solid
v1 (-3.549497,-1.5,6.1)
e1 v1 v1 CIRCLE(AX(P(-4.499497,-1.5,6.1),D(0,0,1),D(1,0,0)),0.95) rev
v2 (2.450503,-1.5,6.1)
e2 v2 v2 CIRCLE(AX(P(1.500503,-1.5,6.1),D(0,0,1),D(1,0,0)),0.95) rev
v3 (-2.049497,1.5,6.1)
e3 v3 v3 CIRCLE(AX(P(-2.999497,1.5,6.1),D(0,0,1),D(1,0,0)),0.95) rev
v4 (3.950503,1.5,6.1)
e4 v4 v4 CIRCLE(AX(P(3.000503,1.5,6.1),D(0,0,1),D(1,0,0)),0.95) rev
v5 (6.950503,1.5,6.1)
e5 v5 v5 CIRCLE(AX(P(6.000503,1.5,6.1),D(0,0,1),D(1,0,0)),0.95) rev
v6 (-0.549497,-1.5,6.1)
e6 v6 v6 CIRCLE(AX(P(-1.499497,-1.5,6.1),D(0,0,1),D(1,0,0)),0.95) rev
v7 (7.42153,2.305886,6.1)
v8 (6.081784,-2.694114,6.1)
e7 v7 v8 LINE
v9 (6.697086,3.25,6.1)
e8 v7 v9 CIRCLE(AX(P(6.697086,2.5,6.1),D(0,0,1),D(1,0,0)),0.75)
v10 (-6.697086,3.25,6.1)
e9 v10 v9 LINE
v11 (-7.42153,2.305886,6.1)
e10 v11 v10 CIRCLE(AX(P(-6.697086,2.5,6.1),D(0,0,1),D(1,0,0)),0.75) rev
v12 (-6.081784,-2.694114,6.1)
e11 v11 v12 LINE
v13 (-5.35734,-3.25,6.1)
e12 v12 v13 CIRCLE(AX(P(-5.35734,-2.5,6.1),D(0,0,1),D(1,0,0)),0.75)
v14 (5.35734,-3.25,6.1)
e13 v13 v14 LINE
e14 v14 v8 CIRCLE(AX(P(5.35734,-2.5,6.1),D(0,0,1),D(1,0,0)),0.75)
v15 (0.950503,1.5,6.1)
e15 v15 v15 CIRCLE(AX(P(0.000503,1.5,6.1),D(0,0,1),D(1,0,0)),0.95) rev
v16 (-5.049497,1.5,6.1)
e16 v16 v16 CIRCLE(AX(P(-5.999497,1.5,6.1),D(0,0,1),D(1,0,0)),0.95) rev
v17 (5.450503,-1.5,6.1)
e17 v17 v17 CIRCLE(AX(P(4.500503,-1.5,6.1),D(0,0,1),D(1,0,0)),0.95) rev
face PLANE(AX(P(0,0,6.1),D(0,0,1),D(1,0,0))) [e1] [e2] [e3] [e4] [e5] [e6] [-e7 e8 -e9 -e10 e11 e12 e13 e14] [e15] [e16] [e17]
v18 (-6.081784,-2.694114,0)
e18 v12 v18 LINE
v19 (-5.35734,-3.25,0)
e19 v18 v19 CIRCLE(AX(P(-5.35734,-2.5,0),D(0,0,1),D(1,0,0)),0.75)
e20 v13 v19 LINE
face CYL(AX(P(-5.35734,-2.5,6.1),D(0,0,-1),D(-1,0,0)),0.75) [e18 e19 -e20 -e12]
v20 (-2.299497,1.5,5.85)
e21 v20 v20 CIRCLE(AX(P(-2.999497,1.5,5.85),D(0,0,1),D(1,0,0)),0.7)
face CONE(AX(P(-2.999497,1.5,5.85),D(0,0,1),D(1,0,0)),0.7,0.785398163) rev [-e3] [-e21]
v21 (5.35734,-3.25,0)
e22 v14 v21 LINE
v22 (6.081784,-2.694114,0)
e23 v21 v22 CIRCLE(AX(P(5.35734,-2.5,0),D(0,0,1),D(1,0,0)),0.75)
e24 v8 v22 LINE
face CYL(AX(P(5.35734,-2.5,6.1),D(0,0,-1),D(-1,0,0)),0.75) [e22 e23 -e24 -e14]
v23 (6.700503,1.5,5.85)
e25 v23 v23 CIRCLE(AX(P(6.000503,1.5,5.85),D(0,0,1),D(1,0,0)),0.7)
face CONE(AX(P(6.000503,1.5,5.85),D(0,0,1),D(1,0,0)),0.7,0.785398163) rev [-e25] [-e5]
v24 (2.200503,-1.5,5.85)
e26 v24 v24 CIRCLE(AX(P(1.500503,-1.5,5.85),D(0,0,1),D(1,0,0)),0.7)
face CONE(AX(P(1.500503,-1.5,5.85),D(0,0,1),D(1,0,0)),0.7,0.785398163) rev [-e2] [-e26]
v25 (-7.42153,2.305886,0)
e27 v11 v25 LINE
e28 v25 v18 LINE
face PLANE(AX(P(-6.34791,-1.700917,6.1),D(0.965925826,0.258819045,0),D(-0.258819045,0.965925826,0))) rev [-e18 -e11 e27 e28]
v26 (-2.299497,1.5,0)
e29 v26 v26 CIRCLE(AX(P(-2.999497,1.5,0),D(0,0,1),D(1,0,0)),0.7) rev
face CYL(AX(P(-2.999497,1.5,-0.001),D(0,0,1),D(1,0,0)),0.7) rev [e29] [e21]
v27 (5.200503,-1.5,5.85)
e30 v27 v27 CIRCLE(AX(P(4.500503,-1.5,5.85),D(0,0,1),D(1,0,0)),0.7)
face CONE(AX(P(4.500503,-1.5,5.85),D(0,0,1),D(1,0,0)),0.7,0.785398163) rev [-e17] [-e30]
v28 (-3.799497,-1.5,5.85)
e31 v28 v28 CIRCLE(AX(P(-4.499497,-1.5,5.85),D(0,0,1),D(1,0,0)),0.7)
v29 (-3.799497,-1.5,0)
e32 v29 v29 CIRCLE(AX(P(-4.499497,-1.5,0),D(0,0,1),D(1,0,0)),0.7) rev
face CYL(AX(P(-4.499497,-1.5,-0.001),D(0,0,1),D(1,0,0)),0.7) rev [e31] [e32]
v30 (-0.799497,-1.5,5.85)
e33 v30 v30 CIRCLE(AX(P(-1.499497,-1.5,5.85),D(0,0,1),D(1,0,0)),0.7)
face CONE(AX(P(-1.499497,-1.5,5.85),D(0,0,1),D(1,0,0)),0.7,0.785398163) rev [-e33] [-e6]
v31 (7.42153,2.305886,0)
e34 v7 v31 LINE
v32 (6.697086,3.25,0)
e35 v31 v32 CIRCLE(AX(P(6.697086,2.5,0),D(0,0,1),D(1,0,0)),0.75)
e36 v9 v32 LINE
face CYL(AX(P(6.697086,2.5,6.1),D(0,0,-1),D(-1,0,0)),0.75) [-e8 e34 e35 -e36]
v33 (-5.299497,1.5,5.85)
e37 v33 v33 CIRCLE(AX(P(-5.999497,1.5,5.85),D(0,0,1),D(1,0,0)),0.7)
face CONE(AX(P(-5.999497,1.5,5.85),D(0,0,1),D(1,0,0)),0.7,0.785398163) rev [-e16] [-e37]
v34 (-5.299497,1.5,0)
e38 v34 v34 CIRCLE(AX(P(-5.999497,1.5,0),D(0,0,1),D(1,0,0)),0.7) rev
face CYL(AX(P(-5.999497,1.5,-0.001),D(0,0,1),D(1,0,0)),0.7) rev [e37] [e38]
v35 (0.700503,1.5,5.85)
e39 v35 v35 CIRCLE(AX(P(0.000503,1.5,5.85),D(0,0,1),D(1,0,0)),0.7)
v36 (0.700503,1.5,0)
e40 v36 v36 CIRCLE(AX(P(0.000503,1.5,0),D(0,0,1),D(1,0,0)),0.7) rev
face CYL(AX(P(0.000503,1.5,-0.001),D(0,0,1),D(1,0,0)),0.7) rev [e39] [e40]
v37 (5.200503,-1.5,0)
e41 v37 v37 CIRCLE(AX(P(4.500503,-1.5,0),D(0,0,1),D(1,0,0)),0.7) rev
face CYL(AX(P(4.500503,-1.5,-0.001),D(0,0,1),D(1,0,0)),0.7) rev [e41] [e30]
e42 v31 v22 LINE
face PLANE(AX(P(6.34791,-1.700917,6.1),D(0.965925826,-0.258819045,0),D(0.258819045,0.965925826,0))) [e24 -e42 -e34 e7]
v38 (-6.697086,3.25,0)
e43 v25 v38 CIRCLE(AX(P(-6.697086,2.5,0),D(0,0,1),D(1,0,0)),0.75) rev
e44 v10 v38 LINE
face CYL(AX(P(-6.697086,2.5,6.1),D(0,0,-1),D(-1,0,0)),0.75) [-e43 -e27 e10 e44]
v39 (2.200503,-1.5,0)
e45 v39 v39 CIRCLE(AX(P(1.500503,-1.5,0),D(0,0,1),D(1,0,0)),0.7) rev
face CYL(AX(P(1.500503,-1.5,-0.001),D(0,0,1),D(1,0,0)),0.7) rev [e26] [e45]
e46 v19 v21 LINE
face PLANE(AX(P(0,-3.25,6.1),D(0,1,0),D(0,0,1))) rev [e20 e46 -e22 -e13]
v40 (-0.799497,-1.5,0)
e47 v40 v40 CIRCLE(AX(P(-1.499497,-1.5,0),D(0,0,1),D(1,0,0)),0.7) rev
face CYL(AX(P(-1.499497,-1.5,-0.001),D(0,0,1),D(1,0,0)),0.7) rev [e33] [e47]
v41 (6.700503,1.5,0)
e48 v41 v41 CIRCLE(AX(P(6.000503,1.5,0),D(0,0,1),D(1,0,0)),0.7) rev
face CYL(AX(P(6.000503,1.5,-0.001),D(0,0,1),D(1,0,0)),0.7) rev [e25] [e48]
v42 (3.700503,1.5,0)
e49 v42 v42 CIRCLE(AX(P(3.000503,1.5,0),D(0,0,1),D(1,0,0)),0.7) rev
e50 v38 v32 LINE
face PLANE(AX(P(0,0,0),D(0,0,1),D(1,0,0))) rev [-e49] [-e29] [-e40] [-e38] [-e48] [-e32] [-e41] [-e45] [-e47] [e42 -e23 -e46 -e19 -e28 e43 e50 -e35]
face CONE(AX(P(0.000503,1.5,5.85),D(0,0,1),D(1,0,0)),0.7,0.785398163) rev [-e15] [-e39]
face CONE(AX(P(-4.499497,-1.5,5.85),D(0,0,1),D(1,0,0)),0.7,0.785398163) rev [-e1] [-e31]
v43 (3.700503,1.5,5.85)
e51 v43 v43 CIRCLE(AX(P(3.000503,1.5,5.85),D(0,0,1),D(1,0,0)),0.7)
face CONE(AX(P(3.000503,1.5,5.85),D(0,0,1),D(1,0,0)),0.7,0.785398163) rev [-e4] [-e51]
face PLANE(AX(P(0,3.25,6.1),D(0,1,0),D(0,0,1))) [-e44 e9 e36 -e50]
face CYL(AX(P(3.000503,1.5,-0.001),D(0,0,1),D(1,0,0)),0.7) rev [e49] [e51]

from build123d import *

# Parameters (mm, degrees)
BOSS_EXTRUDE1_DEPTH = 6.1
CUT_EXTRUDE1_REACH  = 12.16
SKETCH2_R           = 0.7
CHAMFER1_SIZE       = 0.25


with BuildPart() as part:
    # Sketch1 → Boss-Extrude1 (new body)
    with BuildSketch(Plane.XY):
        with BuildLine():
            ThreePointArc((-6.081784137, -2.694114284), (-5.813910839, -3.095015005), (-5.357339767, -3.25))
            Line((-5.357339767, -3.25), (5.357339767, -3.25))
            ThreePointArc((5.357339767, -3.25), (5.813910839, -3.095015005), (6.081784137, -2.694114284))
            Line((6.081784137, -2.694114284), (7.421530099, 2.305885716))
            ThreePointArc((7.421530099, 2.305885716), (7.292100735, 2.956571072), (6.697085729, 3.25))
            Line((6.697085729, 3.25), (-6.697085729, 3.25))
            ThreePointArc((-6.697085729, 3.25), (-7.292100735, 2.956571072), (-7.421530099, 2.305885716))
            Line((-7.421530099, 2.305885716), (-6.081784137, -2.694114284))
        make_face()
    extrude(amount=BOSS_EXTRUDE1_DEPTH)

    # Sketch2 → Cut-Extrude1 (cut, up to next)
    with BuildSketch(Plane.XY.offset(6.1), mode=Mode.PRIVATE) as cut_extrude1_sk1:
        with Locations((-5.999496922, 1.5)):
            Circle(SKETCH2_R)
    cut_extrude1_tool1 = extrude(cut_extrude1_sk1.sketch, amount=-CUT_EXTRUDE1_REACH, mode=Mode.PRIVATE) & part.part
    # Sketch2 → Cut-Extrude1 (cut, up to next)
    with BuildSketch(Plane.XY.offset(6.1), mode=Mode.PRIVATE) as cut_extrude1_sk2:
        with Locations((-2.999496922, 1.5)):
            Circle(SKETCH2_R)
    cut_extrude1_tool2 = extrude(cut_extrude1_sk2.sketch, amount=-CUT_EXTRUDE1_REACH, mode=Mode.PRIVATE) & part.part
    # Sketch2 → Cut-Extrude1 (cut, up to next)
    with BuildSketch(Plane.XY.offset(6.1), mode=Mode.PRIVATE) as cut_extrude1_sk3:
        with Locations((0.000503078, 1.5)):
            Circle(SKETCH2_R)
    cut_extrude1_tool3 = extrude(cut_extrude1_sk3.sketch, amount=-CUT_EXTRUDE1_REACH, mode=Mode.PRIVATE) & part.part
    # Sketch2 → Cut-Extrude1 (cut, up to next)
    with BuildSketch(Plane.XY.offset(6.1), mode=Mode.PRIVATE) as cut_extrude1_sk4:
        with Locations((3.000503078, 1.5)):
            Circle(SKETCH2_R)
    cut_extrude1_tool4 = extrude(cut_extrude1_sk4.sketch, amount=-CUT_EXTRUDE1_REACH, mode=Mode.PRIVATE) & part.part
    # Sketch2 → Cut-Extrude1 (cut, up to next)
    with BuildSketch(Plane.XY.offset(6.1), mode=Mode.PRIVATE) as cut_extrude1_sk5:
        with Locations((6.000503078, 1.5)):
            Circle(SKETCH2_R)
    cut_extrude1_tool5 = extrude(cut_extrude1_sk5.sketch, amount=-CUT_EXTRUDE1_REACH, mode=Mode.PRIVATE) & part.part
    # Sketch2 → Cut-Extrude1 (cut, up to next)
    with BuildSketch(Plane.XY.offset(6.1), mode=Mode.PRIVATE) as cut_extrude1_sk6:
        with Locations((-4.499496922, -1.5)):
            Circle(SKETCH2_R)
    cut_extrude1_tool6 = extrude(cut_extrude1_sk6.sketch, amount=-CUT_EXTRUDE1_REACH, mode=Mode.PRIVATE) & part.part
    # Sketch2 → Cut-Extrude1 (cut, up to next)
    with BuildSketch(Plane.XY.offset(6.1), mode=Mode.PRIVATE) as cut_extrude1_sk7:
        with Locations((-1.499496922, -1.5)):
            Circle(SKETCH2_R)
    cut_extrude1_tool7 = extrude(cut_extrude1_sk7.sketch, amount=-CUT_EXTRUDE1_REACH, mode=Mode.PRIVATE) & part.part
    # Sketch2 → Cut-Extrude1 (cut, up to next)
    with BuildSketch(Plane.XY.offset(6.1), mode=Mode.PRIVATE) as cut_extrude1_sk8:
        with Locations((1.500503078, -1.5)):
            Circle(SKETCH2_R)
    cut_extrude1_tool8 = extrude(cut_extrude1_sk8.sketch, amount=-CUT_EXTRUDE1_REACH, mode=Mode.PRIVATE) & part.part
    # Sketch2 → Cut-Extrude1 (cut, up to next)
    with BuildSketch(Plane.XY.offset(6.1), mode=Mode.PRIVATE) as cut_extrude1_sk9:
        with Locations((4.500503078, -1.5)):
            Circle(SKETCH2_R)
    cut_extrude1_tool9 = extrude(cut_extrude1_sk9.sketch, amount=-CUT_EXTRUDE1_REACH, mode=Mode.PRIVATE) & part.part
    add(cut_extrude1_tool1.solids().sort_by_distance((-5.999497, 1.5, 6.1))[0], mode=Mode.SUBTRACT)
    add(cut_extrude1_tool2.solids().sort_by_distance((-2.999497, 1.5, 6.1))[0], mode=Mode.SUBTRACT)
    add(cut_extrude1_tool3.solids().sort_by_distance((0.000503, 1.5, 6.1))[0], mode=Mode.SUBTRACT)
    add(cut_extrude1_tool4.solids().sort_by_distance((3.000503, 1.5, 6.1))[0], mode=Mode.SUBTRACT)
    add(cut_extrude1_tool5.solids().sort_by_distance((6.000503, 1.5, 6.1))[0], mode=Mode.SUBTRACT)
    add(cut_extrude1_tool6.solids().sort_by_distance((-4.499497, -1.5, 6.1))[0], mode=Mode.SUBTRACT)
    add(cut_extrude1_tool7.solids().sort_by_distance((-1.499497, -1.5, 6.1))[0], mode=Mode.SUBTRACT)
    add(cut_extrude1_tool8.solids().sort_by_distance((1.500503, -1.5, 6.1))[0], mode=Mode.SUBTRACT)
    add(cut_extrude1_tool9.solids().sort_by_distance((4.500503, -1.5, 6.1))[0], mode=Mode.SUBTRACT)

    # Chamfer1
    chamfer1_edges = [part.edges().sort_by_distance(p)[0] for p in [
        (-5.199496922, -1.5, 6.1),
        (-2.199496922, -1.5, 6.1),
        (0.800503078, -1.5, 6.1),
        (3.800503078, -1.5, 6.1),
        (5.300503078, 1.5, 6.1),
        (2.300503078, 1.5, 6.1),
        (-0.699496922, 1.5, 6.1),
        (-3.699496922, 1.5, 6.1),
        (-6.699496922, 1.5, 6.1),
    ]]
    chamfer(chamfer1_edges, length=CHAMFER1_SIZE)


solid = part.part
